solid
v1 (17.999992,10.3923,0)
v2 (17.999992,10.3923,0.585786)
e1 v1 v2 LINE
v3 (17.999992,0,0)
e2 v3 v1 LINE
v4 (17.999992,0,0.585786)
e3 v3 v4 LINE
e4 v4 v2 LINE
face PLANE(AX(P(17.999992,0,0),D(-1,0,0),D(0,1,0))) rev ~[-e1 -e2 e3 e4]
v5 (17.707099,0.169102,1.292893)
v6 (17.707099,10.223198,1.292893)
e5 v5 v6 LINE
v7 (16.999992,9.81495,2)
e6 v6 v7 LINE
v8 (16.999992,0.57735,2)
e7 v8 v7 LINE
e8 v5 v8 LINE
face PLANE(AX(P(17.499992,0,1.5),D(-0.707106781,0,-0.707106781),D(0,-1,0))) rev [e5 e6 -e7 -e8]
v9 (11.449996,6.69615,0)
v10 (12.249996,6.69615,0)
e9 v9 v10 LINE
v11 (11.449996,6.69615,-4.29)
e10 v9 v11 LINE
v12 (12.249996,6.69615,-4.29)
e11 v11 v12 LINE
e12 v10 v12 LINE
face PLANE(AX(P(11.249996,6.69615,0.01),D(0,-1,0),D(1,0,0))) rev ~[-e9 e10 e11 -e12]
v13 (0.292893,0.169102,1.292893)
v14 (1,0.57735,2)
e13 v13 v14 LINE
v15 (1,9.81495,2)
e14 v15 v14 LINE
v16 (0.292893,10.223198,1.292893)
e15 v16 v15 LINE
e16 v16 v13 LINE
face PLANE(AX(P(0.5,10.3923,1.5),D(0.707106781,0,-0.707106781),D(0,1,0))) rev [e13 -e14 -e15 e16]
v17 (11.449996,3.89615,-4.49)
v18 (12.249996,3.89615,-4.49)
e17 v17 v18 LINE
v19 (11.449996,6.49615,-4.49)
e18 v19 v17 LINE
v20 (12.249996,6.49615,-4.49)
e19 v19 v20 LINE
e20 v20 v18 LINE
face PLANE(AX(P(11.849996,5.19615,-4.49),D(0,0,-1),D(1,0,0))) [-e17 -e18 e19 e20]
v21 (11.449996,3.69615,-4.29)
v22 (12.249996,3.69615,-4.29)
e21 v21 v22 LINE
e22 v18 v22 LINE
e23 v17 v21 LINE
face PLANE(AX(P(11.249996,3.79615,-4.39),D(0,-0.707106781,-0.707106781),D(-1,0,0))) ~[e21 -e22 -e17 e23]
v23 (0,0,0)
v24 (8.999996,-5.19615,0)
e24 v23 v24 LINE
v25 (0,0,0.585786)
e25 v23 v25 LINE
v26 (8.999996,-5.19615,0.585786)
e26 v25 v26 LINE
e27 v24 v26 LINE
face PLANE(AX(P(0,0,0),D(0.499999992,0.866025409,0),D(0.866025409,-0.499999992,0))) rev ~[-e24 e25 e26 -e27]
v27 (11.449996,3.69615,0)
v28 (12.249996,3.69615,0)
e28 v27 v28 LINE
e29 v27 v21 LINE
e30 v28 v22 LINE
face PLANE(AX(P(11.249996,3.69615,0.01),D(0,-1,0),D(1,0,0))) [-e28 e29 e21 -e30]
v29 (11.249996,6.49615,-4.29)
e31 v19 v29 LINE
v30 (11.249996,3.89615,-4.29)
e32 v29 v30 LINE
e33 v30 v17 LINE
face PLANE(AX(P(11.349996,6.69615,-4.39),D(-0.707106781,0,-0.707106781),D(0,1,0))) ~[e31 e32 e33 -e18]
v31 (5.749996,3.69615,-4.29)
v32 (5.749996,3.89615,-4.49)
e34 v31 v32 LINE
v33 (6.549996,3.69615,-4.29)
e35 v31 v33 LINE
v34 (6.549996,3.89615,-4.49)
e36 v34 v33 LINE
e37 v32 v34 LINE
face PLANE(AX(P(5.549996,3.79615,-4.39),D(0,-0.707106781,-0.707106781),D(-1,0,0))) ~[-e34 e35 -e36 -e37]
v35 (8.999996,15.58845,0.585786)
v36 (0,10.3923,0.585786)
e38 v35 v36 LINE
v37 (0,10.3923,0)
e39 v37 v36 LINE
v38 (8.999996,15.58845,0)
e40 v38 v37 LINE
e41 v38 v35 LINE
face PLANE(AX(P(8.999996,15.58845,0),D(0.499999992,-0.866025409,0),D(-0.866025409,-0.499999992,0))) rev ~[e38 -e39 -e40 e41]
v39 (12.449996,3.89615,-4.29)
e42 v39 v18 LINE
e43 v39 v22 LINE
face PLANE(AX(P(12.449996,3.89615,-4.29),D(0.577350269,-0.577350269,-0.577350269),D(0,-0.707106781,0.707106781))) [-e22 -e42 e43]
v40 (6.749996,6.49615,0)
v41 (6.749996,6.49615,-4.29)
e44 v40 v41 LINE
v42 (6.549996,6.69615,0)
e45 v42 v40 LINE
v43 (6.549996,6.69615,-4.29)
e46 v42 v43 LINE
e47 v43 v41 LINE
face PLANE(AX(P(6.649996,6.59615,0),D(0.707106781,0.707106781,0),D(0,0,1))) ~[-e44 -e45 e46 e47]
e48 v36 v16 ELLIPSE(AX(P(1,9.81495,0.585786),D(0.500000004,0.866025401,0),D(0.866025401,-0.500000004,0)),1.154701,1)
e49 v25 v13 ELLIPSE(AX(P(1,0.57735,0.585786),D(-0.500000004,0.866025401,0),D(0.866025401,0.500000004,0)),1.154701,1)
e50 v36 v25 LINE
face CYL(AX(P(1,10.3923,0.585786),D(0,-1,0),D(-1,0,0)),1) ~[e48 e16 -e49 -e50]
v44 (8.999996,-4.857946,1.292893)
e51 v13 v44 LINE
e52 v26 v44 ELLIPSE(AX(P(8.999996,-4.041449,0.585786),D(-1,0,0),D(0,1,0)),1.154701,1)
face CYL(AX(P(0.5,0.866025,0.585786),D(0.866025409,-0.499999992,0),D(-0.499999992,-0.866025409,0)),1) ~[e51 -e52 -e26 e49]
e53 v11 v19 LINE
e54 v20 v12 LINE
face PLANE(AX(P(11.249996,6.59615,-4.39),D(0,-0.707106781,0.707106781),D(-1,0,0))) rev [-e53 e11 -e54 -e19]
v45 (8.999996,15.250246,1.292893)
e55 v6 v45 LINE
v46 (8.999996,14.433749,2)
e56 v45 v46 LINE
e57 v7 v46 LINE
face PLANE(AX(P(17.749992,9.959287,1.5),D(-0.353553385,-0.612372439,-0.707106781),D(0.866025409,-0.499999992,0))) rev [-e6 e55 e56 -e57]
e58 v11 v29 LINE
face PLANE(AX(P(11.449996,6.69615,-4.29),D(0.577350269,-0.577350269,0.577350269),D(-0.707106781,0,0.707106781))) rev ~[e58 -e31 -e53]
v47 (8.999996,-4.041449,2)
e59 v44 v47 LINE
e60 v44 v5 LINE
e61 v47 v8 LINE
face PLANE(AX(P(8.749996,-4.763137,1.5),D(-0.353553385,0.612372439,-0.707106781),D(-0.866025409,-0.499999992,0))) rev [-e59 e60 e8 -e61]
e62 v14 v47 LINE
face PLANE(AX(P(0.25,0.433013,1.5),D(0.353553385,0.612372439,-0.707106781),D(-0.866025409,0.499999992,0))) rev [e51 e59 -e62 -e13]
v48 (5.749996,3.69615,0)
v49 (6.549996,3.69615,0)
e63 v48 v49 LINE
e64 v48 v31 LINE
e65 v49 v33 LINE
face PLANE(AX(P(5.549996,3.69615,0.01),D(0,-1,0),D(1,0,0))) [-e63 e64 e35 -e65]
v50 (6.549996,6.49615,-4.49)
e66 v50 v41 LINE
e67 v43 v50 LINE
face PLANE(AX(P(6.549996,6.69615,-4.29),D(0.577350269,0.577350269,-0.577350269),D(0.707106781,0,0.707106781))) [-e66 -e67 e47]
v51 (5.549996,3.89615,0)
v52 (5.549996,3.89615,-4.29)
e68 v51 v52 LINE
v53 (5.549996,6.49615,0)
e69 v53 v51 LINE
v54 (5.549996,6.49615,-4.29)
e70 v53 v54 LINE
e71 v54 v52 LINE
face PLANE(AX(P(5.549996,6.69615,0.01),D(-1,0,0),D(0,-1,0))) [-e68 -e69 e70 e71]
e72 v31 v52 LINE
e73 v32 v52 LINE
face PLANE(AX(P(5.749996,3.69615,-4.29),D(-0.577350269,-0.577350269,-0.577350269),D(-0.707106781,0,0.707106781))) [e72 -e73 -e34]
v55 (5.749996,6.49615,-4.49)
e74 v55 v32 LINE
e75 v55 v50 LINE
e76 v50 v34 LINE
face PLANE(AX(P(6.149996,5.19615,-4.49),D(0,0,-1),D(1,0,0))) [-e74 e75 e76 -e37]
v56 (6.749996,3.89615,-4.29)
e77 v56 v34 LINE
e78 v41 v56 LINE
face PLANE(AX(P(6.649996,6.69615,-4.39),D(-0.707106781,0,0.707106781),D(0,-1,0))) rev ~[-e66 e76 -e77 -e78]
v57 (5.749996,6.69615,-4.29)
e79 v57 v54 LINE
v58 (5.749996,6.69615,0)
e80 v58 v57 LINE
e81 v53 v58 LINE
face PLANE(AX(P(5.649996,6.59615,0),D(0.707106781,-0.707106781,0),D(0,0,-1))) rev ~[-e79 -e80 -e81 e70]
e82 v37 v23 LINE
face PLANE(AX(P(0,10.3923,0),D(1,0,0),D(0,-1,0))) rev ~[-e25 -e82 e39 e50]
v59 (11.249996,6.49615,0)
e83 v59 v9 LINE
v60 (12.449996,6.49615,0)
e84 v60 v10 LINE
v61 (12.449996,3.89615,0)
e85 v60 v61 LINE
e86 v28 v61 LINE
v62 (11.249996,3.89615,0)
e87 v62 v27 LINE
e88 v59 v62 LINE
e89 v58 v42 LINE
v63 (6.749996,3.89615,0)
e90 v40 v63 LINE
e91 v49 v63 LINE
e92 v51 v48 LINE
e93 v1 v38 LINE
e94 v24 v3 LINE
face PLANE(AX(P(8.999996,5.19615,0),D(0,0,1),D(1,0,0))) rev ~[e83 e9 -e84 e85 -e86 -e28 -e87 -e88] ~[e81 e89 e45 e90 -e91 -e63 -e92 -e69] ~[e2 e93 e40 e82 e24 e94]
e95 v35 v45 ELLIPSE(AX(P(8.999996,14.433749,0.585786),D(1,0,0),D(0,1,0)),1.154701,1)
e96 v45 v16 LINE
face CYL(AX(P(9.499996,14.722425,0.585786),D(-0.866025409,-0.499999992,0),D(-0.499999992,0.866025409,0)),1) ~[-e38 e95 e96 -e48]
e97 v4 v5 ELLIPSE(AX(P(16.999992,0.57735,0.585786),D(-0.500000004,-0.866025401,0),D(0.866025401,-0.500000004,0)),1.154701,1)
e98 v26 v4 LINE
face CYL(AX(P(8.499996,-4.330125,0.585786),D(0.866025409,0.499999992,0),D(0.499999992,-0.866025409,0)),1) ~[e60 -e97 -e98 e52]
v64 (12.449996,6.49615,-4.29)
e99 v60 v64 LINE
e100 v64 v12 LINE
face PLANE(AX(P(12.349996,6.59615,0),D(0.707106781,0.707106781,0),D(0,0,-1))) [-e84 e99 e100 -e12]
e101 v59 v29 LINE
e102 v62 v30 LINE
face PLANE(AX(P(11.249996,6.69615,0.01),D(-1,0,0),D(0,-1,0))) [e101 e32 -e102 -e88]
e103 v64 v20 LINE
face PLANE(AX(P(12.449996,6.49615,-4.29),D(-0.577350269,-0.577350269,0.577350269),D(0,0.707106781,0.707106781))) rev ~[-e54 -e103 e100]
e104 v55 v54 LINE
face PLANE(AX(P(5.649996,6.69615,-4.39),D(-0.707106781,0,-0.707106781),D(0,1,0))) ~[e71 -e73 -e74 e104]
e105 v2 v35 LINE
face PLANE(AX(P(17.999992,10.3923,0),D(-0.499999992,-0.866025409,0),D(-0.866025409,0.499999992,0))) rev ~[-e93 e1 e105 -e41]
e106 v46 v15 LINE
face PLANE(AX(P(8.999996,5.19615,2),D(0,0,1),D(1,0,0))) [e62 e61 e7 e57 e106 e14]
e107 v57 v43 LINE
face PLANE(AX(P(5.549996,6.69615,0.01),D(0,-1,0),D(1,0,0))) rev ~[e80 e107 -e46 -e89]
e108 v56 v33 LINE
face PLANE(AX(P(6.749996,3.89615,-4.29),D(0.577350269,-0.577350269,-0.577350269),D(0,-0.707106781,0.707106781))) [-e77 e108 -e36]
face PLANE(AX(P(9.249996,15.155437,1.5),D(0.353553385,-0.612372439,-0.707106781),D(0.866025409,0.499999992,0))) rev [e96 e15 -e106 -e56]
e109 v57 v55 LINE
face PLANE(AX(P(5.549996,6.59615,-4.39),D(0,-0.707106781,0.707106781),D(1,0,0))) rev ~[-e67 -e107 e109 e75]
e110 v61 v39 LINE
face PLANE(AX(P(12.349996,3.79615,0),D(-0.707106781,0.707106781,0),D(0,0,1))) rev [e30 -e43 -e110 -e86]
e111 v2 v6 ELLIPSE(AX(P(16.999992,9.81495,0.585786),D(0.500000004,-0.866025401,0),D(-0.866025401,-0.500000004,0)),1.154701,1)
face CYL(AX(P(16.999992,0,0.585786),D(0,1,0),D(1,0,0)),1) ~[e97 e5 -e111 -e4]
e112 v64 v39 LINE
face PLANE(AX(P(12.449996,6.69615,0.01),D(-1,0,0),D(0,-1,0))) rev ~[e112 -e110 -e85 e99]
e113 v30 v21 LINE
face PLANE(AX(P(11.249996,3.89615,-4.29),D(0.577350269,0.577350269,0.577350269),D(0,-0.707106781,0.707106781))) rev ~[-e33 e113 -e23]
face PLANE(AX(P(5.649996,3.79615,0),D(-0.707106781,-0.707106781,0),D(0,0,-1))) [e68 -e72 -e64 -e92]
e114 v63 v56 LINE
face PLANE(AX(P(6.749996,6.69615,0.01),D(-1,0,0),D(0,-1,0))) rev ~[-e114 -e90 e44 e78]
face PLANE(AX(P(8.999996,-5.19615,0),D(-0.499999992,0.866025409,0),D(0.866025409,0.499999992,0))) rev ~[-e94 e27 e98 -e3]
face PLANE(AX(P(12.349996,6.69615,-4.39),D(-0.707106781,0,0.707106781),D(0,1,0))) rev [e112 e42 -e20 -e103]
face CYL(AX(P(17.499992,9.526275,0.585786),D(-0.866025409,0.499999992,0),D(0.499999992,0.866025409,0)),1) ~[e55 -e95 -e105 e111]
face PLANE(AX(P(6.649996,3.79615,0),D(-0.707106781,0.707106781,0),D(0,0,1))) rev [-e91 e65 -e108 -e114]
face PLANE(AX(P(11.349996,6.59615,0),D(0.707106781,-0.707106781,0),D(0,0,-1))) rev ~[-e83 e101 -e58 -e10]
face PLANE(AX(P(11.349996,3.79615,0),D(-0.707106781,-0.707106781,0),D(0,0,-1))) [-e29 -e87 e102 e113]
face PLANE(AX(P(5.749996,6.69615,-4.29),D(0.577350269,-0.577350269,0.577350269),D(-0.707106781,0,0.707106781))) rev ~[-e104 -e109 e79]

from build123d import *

# Parameters (mm, degrees)
PAD_DEPTH       = 2
CHAMFER_SIZE    = 1
FILLET_R        = 1
SKETCH002_W     = 1.2
SKETCH002_H     = 3
PAD001_DEPTH    = 4.5
CHAMFER001_SIZE = 0.2


with BuildPart() as part:
    # Sketch → Pad (new body)
    with BuildSketch(Plane.XY):
        Polygon((17.999992, 0), (17.999992, 10.3923), (8.999996, 15.58845), (0, 10.3923), (0, 0), (8.999996, -5.19615), align=None)
    extrude(amount=PAD_DEPTH)

    # Chamfer
    chamfer_edges = [part.edges().sort_by_distance(p)[0] for p in [
        (13.499994, -2.598075, 2),
        (4.499998, -2.598075, 2),
        (17.999992, 5.19615, 2),
        (13.499994, 12.990375, 2),
        (0, 5.19615, 2),
        (4.499998, 12.990375, 2),
    ]]
    chamfer(chamfer_edges, length=CHAMFER_SIZE)

    # Fillet
    fillet_edges = [part.edges().sort_by_distance(p)[0] for p in [
        (13.499994, 12.990375, 1),
        (13.499994, -2.598075, 1),
        (17.999992, 5.19615, 1),
        (4.499998, -2.598075, 1),
        (0, 5.19615, 1),
        (4.499998, 12.990375, 1),
    ]]
    fillet(fillet_edges, radius=FILLET_R)

    # Sketch002 → Pad001 (join)
    with BuildSketch(Plane(origin=(0, 0, 0.01), x_dir=(1, 0, 0), z_dir=(0, 0, -1))):
        with Locations((6.149996, -5.19615)):
            Rectangle(SKETCH002_W, SKETCH002_H)
        with Locations((11.849996, -5.19615)):
            Rectangle(SKETCH002_W, SKETCH002_H)
    extrude(amount=PAD001_DEPTH)

    # Chamfer001
    chamfer001_edges = [part.edges().sort_by_distance(p)[0] for p in [
        (11.849996, 3.69615, -4.49),
        (11.249996, 5.19615, -4.49),
        (11.849996, 6.69615, -4.49),
        (12.449996, 5.19615, -4.49),
        (11.249996, 3.69615, -2.245),
        (11.249996, 6.69615, -2.245),
        (12.449996, 3.69615, -2.245),
        (12.449996, 6.69615, -2.245),
        (5.549996, 5.19615, -4.49),
        (6.149996, 3.69615, -4.49),
        (6.749996, 5.19615, -4.49),
        (6.149996, 6.69615, -4.49),
        (5.549996, 3.69615, -2.245),
        (6.749996, 3.69615, -2.245),
        (5.549996, 6.69615, -2.245),
        (6.749996, 6.69615, -2.245),
    ]]
    chamfer(chamfer001_edges, length=CHAMFER001_SIZE)


solid = part.part
